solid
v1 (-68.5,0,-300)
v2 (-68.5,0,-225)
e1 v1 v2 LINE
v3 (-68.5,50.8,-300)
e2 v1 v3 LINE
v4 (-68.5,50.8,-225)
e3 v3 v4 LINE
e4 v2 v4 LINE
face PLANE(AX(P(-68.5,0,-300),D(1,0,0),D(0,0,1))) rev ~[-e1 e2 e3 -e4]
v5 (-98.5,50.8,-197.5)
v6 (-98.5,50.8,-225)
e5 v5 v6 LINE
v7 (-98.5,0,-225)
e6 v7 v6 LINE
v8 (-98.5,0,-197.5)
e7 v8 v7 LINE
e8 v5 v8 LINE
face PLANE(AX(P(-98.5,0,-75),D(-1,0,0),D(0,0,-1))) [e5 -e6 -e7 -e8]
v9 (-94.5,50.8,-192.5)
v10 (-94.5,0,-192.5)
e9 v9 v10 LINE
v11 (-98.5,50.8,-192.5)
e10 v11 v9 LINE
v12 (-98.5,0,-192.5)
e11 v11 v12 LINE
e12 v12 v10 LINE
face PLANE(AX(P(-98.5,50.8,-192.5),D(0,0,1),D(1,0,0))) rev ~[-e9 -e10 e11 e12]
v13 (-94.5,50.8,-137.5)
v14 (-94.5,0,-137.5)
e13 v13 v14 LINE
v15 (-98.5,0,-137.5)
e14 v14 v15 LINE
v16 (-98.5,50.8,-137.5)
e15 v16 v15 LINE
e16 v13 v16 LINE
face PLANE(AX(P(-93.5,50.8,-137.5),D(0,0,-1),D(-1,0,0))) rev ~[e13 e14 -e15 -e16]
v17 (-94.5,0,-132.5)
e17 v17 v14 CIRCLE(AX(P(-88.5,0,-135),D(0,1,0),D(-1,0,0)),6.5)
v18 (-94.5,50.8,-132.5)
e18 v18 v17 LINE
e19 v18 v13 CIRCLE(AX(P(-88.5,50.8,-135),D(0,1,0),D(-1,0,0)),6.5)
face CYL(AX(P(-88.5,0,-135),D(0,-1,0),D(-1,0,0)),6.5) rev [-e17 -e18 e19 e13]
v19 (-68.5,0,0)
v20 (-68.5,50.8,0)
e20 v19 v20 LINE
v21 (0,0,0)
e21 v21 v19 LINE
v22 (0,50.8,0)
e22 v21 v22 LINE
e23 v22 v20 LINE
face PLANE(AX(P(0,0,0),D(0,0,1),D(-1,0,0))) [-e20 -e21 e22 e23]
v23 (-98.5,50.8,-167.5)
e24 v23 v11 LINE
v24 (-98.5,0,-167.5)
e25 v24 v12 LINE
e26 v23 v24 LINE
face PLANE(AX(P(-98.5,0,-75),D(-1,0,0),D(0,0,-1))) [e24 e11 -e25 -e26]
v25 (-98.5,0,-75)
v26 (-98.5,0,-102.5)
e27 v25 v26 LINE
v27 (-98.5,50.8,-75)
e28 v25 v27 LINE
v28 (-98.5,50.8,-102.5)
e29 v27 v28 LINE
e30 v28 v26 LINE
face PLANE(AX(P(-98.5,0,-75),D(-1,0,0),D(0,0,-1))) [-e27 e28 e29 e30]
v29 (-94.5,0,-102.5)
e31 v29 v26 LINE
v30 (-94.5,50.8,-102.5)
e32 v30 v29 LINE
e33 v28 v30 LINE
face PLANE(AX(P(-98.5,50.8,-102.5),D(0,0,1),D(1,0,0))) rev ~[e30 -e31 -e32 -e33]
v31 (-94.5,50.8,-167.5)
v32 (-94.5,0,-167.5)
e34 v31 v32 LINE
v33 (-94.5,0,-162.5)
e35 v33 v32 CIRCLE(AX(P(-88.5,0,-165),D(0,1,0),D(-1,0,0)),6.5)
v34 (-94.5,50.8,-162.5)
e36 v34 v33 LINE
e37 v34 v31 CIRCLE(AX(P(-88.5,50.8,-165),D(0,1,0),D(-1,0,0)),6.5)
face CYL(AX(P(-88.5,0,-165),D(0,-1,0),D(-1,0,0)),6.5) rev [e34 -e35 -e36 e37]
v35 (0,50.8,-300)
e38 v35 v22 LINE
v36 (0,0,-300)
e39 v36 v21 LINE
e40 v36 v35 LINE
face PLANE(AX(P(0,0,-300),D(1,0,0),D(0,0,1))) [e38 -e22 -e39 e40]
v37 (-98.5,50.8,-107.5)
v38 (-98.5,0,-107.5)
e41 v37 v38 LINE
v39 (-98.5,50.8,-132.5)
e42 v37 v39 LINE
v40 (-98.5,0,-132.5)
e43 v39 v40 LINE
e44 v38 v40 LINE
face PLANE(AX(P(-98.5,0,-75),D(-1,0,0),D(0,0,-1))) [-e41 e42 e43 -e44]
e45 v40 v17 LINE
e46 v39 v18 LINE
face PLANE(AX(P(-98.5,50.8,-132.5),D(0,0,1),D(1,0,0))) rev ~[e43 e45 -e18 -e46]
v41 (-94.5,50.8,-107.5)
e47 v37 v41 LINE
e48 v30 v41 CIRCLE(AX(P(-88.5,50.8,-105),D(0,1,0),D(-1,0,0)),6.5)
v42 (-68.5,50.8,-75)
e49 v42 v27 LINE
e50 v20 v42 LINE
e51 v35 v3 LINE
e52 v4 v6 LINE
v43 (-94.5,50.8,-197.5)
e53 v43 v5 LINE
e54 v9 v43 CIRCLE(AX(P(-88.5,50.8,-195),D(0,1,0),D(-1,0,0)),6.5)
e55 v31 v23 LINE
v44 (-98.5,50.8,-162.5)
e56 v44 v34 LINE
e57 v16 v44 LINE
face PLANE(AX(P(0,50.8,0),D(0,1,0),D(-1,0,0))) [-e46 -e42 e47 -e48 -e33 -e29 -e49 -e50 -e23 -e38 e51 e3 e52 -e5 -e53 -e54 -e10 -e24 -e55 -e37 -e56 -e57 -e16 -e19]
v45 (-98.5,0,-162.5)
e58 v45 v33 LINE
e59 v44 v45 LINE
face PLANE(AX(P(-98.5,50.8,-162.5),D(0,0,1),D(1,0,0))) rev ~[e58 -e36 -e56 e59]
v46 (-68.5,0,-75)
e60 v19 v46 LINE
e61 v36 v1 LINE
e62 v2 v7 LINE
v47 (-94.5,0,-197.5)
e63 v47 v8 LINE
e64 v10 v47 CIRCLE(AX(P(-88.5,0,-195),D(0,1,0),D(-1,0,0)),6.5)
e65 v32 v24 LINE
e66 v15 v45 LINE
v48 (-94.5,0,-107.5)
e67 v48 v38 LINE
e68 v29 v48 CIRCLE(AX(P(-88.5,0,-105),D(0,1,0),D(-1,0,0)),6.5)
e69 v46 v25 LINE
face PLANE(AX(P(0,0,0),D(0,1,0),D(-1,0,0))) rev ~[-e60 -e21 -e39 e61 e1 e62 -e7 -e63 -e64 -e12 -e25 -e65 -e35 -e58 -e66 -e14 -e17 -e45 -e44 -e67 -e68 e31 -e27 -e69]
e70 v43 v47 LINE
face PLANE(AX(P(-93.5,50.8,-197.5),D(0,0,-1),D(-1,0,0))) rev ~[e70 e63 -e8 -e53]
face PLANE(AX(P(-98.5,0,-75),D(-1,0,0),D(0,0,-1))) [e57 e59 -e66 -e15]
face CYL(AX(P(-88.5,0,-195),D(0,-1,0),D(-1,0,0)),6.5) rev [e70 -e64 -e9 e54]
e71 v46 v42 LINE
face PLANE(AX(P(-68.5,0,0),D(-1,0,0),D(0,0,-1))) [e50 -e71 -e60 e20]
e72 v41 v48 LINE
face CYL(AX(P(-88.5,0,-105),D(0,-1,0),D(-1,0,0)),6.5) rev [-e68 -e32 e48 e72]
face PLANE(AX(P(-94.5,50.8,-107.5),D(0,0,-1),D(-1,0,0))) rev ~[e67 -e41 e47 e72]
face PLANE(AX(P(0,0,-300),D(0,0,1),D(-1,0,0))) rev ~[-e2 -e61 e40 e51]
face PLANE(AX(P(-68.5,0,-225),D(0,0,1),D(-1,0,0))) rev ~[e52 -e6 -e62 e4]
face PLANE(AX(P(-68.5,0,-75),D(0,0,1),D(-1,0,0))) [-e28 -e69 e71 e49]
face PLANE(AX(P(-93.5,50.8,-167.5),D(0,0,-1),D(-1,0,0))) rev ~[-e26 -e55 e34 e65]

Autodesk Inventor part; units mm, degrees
ref_plane "YZ Plane" through (0, 0, 0) normal (1, 0, 0) x (0, 1, 0)
ref_plane "XZ Plane" through (0, 0, 0) normal (0, 1, 0) x (-1, 0, 0)
ref_plane "XY Plane" through (0, 0, 0) normal (0, 0, 1) x (1, 0, 0)
sketch "Sketch3" plane through (0, 0, 0) normal (0, 1, 0) x (-1, 0, 0)
  line L0 (0, -300) -> (0, 0)
  line L1 (68.5, 0) -> (68.5, -75)
  line L2 (68.5, -75) -> (98.5, -75)
  line L3 (68.5, -300) -> (68.5, -225)
  line L4 (68.5, -225) -> (98.5, -225)
  line L5 (0, 0) -> (68.5, 0)
  line L6 (68.5, 0) -> (68.5, -75)
  line L7 (68.5, -75) -> (98.5, -75)
  line L8 (98.5, -75) -> (98.5, -225)
  line L9 (0, -300) -> (68.5, -300)
  circle A0 centre (88.5, -105) radius 6.5
  circle A1 centre (88.5, -135) radius 6.5
  circle A2 centre (88.5, -165) radius 6.5
  circle A3 centre (88.5, -195) radius 6.5
  dimension "d44" = 30
  dimension "d48" = 13
  dimension "d49" = 30
  dimension "d50" = 10
  dimension "d56" = 30
  dimension "d70" = 150
  dimension "d71" = 75
  dimension "d72" = 75
  dimension "d73" = 68.5
  dimension "d74" = 68.5
  dimension "d75" = 68.5
  dimension "d76" = 30
  dimension "d77" = 150
  dimension "d78" = 90
  dimension "d79" = 90
extrude "Extrusion1" add sketch "Sketch3" along normal blind 50.8
sketch "Sketch6" plane through (0, 50.8, 0) normal (0, 1, 0) x (1, 0, 0)
  line L0 (-98.5, 225) -> (-98.5, 75) projected
  line L1 (-98.5, 102.5) -> (-93.5, 102.5)
  line L2 (-93.5, 102.5) -> (-93.5, 107.5)
  line L3 (-93.5, 107.5) -> (-98.5, 107.5)
  line L4 (-98.5, 107.5) -> (-98.5, 102.5)
  circle A0 centre (-88.5, 105) radius 6.5 projected
  line L5 (-93.5, 132.5) -> (-93.5, 137.5)
  line L6 (-93.5, 137.5) -> (-98.5, 137.5)
  line L7 (-98.5, 137.5) -> (-98.5, 132.5)
  line L8 (-98.5, 132.5) -> (-93.5, 132.5)
  line L9 (-93.5, 162.5) -> (-93.5, 167.5)
  line L10 (-93.5, 167.5) -> (-98.5, 167.5)
  line L11 (-98.5, 167.5) -> (-98.5, 162.5)
  line L12 (-98.5, 162.5) -> (-93.5, 162.5)
  line L13 (-93.5, 192.5) -> (-93.5, 197.5)
  line L14 (-93.5, 197.5) -> (-98.5, 197.5)
  line L15 (-98.5, 197.5) -> (-98.5, 192.5)
  line L16 (-98.5, 192.5) -> (-93.5, 192.5)
  point P0 (0, 0)
  dimension "d58" = 5
  dimension "d59" = 5
  dimension "d60" = 2.5
  dimension "d66" = 30
extrude "Extrusion3" cut sketch "Sketch6" against normal blind 50.8 contours L14 L13 L16 L0 | L3 A0 L1 L0 | L6 L5 L8 L0 | L10 L9 L12 L0 | L3 L2 L1 A0 picked at (-94, 105)
properties part number "PiezaInferior"
